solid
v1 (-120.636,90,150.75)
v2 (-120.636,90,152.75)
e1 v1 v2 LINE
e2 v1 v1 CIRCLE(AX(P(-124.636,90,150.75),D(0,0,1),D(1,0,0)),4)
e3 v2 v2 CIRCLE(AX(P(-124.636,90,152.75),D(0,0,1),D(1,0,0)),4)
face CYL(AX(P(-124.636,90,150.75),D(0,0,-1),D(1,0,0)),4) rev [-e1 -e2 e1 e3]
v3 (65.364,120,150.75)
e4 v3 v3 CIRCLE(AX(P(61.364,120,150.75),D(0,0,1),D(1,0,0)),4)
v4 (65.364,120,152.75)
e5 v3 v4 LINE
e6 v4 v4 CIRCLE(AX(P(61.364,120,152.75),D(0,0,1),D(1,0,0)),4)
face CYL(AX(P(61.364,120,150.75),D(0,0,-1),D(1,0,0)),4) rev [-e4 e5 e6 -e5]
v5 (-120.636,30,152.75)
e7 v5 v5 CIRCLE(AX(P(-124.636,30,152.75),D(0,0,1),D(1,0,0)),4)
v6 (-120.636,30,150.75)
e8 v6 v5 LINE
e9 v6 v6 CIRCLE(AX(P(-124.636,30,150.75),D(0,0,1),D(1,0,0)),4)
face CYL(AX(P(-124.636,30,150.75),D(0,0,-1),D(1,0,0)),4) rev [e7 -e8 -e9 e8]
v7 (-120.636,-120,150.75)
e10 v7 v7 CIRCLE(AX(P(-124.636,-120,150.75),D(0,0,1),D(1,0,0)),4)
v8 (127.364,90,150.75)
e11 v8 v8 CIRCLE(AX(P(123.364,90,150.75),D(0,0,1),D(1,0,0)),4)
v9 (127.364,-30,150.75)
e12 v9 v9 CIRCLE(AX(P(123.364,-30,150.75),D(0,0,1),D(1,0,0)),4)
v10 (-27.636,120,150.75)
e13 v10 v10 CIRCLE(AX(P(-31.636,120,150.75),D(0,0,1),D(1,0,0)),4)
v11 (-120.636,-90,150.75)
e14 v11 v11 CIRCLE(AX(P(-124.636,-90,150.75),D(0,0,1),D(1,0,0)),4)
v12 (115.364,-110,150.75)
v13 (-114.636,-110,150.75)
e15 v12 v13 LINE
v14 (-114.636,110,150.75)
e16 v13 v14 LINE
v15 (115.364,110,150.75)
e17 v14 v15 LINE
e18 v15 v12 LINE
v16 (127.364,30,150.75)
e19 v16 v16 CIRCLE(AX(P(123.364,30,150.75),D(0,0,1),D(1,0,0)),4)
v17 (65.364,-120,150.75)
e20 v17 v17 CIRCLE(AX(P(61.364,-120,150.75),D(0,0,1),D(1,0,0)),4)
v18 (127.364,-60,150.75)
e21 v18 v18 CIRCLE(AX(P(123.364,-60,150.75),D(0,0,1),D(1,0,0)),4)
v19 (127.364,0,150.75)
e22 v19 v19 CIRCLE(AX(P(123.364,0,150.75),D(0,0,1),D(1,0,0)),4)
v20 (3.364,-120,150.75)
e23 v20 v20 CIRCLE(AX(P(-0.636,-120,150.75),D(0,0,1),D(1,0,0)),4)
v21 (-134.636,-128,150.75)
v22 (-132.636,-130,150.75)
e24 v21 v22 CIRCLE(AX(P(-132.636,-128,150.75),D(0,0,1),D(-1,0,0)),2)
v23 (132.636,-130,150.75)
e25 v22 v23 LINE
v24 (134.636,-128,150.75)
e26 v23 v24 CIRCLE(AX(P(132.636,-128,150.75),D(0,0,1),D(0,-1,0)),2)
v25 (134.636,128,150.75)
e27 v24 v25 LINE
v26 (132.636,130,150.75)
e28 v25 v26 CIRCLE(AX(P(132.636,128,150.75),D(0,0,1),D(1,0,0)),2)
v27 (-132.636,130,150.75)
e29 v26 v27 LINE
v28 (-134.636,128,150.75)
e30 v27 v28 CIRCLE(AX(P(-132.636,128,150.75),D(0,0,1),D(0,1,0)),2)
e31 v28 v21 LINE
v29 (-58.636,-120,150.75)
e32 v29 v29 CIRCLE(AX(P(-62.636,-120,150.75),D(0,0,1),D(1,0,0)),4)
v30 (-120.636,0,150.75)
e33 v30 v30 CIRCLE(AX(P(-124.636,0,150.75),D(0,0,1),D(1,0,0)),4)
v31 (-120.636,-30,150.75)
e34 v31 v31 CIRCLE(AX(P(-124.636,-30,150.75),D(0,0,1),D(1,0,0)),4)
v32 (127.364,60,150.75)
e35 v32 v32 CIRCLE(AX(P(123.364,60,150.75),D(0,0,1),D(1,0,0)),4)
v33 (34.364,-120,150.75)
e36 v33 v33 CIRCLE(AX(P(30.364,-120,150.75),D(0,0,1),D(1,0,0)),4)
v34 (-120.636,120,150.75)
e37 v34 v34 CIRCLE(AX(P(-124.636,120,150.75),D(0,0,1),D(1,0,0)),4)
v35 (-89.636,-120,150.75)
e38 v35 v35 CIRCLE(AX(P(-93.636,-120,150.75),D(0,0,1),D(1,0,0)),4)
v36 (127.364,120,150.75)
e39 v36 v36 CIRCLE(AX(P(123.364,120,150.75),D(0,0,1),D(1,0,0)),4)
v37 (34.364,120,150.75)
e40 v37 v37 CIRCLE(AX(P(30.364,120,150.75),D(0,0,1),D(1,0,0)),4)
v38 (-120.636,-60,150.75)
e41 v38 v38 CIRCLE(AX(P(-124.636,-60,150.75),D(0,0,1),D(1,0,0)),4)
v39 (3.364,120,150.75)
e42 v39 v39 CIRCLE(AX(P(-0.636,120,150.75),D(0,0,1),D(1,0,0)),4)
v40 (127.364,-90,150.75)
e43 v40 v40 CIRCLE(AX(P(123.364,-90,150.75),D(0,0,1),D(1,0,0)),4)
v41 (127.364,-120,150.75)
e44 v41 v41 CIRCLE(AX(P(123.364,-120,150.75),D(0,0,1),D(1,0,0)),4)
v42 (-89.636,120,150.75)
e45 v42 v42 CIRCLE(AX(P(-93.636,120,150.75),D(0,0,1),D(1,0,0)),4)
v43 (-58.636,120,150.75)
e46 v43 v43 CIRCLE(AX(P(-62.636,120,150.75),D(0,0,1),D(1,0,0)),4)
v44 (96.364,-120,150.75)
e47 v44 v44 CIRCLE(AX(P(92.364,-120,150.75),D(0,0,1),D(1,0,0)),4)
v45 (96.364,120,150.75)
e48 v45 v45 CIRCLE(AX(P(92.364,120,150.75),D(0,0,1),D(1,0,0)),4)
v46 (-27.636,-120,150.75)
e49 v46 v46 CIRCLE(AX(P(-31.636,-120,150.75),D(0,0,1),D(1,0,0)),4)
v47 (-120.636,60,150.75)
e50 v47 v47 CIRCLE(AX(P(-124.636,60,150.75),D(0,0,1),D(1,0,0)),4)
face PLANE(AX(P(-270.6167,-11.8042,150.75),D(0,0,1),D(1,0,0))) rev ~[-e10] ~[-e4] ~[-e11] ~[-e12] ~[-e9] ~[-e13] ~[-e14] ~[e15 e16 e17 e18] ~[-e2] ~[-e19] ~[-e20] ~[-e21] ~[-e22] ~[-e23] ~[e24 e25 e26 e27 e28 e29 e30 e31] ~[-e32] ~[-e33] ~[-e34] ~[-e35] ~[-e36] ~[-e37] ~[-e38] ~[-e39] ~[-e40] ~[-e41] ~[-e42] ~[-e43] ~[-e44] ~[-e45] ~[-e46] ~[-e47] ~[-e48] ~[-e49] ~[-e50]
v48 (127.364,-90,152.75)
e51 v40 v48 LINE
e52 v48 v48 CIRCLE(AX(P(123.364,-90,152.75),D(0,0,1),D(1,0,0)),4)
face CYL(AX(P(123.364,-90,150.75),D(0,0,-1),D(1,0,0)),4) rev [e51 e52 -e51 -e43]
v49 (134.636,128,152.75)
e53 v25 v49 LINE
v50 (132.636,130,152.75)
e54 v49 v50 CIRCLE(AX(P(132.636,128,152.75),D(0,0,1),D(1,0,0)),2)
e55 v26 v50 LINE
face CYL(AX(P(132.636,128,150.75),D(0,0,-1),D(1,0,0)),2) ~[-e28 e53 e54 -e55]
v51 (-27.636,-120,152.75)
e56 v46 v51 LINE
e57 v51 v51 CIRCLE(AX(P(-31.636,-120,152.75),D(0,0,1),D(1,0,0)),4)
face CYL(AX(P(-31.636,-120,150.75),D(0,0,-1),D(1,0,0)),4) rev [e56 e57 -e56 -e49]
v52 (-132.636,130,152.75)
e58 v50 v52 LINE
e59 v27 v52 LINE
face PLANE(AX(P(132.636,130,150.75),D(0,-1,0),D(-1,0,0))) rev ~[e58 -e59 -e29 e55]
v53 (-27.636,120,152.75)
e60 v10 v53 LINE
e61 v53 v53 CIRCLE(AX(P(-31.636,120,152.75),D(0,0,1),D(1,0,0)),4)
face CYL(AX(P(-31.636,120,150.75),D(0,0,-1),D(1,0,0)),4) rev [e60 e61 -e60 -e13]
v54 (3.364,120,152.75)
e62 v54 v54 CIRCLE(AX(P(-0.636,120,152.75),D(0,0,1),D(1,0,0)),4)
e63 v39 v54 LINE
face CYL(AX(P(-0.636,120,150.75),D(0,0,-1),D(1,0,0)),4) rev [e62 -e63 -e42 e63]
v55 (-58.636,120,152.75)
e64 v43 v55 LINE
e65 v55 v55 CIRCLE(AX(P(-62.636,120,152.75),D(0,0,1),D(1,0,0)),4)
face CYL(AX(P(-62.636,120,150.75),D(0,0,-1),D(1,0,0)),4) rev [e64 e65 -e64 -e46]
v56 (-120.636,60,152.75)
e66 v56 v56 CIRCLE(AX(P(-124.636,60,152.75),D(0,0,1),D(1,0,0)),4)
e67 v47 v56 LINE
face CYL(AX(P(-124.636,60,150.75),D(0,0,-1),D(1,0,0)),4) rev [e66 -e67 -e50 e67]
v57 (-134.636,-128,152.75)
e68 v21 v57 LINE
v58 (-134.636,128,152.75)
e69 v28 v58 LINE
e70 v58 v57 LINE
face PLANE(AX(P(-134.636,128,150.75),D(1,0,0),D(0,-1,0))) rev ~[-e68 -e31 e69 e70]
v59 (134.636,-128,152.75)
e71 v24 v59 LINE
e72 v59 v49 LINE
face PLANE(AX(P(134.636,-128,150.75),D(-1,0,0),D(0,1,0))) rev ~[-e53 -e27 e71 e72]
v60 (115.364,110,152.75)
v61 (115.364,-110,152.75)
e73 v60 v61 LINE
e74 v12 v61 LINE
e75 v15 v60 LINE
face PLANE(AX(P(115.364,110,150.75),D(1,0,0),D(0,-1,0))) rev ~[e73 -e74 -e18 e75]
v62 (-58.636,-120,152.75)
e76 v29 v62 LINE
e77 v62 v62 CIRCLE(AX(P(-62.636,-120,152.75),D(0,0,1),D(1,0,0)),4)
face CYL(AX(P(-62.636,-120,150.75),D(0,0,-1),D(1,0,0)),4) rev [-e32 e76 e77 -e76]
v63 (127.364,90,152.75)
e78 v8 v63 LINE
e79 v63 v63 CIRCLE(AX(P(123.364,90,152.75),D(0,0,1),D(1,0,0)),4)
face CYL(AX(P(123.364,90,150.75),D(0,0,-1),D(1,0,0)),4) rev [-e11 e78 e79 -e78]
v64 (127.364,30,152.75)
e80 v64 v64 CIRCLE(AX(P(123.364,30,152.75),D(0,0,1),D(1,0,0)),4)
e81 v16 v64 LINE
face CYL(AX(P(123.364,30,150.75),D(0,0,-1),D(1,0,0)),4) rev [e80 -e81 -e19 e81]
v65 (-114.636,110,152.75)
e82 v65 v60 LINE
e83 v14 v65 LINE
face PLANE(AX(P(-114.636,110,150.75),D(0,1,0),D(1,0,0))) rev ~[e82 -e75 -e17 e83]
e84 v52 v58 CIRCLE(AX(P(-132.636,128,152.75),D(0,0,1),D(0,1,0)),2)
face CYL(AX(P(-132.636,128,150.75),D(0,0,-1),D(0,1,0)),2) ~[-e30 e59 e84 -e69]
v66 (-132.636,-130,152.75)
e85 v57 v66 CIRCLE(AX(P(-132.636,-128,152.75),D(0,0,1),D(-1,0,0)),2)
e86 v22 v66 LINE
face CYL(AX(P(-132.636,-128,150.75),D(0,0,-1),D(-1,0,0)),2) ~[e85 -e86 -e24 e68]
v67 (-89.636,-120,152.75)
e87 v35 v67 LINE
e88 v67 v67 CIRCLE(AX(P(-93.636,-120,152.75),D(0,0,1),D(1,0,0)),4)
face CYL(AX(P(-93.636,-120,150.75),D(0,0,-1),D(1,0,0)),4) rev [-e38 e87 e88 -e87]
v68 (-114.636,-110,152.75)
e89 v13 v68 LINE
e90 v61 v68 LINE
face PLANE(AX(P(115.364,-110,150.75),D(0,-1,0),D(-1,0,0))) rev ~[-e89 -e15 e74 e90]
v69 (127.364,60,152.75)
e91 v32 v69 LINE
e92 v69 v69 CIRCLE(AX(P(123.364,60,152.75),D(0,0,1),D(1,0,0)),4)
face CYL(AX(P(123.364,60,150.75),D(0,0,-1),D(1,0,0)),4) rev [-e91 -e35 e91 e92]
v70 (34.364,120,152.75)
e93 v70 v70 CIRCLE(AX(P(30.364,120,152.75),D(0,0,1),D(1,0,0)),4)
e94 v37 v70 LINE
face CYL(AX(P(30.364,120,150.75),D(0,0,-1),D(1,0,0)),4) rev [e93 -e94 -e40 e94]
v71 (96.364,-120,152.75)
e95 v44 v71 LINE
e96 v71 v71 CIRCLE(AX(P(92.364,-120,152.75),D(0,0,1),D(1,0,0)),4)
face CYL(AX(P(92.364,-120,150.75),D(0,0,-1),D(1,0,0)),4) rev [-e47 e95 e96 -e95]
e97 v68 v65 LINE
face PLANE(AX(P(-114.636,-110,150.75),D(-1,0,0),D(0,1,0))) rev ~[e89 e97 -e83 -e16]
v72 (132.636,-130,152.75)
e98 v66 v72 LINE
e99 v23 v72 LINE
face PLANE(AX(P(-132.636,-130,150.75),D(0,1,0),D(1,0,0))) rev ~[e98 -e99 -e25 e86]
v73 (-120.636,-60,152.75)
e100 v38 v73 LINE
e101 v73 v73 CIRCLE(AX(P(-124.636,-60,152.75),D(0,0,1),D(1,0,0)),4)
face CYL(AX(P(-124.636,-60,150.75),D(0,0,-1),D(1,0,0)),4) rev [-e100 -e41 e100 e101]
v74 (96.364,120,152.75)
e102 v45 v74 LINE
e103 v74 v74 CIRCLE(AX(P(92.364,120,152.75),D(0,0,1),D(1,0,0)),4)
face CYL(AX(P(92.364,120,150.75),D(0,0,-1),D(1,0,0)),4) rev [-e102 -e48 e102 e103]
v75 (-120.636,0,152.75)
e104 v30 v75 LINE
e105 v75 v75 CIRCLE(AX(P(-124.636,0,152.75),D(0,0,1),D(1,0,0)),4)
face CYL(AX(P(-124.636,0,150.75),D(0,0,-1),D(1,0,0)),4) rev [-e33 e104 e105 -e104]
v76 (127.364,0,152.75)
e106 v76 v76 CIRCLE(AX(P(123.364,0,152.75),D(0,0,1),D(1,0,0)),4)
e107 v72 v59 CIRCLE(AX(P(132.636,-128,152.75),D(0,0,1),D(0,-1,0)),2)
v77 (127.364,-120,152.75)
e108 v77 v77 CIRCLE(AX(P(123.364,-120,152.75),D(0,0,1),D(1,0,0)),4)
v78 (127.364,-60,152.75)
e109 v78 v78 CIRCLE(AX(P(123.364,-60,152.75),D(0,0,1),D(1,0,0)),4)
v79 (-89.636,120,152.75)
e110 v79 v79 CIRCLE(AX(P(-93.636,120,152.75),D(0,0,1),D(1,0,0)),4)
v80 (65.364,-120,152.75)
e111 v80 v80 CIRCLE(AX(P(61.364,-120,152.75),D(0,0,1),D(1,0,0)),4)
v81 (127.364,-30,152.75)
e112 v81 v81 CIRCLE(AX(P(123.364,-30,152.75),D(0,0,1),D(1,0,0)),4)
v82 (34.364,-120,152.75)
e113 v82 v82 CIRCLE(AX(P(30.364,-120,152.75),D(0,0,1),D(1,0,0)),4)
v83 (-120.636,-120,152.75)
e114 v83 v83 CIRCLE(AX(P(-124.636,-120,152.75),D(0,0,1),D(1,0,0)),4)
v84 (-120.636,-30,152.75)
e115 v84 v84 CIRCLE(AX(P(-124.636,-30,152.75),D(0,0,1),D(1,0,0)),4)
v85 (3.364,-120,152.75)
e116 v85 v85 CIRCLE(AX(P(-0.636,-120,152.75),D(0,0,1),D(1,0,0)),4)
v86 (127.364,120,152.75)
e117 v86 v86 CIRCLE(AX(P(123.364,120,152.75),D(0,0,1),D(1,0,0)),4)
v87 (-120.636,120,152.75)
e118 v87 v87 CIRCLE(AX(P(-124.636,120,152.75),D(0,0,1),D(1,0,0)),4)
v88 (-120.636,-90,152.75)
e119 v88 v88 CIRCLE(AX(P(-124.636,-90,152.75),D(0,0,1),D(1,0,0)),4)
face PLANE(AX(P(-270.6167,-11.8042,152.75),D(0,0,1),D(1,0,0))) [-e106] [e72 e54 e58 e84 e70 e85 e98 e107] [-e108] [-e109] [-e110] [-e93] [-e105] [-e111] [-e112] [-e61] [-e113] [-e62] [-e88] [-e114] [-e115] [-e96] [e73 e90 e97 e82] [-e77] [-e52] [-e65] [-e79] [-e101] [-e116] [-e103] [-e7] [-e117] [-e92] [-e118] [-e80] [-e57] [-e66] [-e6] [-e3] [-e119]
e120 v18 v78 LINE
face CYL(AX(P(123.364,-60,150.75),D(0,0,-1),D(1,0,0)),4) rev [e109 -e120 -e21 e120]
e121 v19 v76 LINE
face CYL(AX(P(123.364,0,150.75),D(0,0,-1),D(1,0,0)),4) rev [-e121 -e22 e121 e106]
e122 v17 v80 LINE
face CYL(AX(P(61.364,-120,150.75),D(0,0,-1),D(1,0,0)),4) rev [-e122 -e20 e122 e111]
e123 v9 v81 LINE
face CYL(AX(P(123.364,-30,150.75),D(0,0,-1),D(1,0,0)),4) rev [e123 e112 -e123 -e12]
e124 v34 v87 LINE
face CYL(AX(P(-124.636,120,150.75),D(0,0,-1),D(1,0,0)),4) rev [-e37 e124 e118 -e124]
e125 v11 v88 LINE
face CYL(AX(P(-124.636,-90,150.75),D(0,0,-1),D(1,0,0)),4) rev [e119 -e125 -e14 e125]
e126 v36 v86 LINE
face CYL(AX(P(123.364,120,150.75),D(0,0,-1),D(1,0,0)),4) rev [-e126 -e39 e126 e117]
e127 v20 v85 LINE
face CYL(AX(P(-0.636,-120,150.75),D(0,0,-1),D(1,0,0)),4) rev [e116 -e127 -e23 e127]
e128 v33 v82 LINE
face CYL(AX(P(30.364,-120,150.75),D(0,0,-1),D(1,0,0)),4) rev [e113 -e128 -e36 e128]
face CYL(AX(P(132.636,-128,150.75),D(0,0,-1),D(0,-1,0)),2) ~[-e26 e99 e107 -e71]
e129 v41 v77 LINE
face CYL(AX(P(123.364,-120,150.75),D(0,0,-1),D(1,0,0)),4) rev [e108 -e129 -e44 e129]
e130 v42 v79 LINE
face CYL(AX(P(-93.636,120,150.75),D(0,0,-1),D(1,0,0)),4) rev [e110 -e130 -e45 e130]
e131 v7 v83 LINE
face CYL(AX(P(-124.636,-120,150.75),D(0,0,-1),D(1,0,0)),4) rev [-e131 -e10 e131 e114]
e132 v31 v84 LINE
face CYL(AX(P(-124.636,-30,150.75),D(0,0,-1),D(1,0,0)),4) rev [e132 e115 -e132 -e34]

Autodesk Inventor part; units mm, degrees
ref_plane "YZ Plane" through (0, 0, 0) normal (1, 0, 0) x (0, 1, 0)
ref_plane "XZ Plane" through (0, 0, 0) normal (0, 1, 0) x (-1, 0, 0)
ref_plane "XY Plane" through (0, 0, 0) normal (0, 0, 1) x (1, 0, 0)
ref_plane "РабПлоскость1" through (-270.6167, -11.8042, 150.75) normal (0, 0, 1) x (1, 0, 0)
sketch "Эскиз1" plane through (-270.6167, -11.8042, 150.75) normal (0, 0, 1) x (1, 0, 0)
  circle A0 centre (393.9807, -108.1958) radius 4 projected
  circle A1 centre (393.9807, -78.1958) radius 4 projected
  circle A2 centre (393.9807, -48.1958) radius 4 projected
  circle A3 centre (393.9807, -18.1958) radius 4 projected
  circle A4 centre (393.9807, 11.8042) radius 4 projected
  circle A5 centre (393.9807, 41.8042) radius 4 projected
  circle A6 centre (393.9807, 71.8042) radius 4 projected
  circle A7 centre (393.9807, 101.8042) radius 4 projected
  circle A8 centre (393.9807, 131.8042) radius 4 projected
  circle A9 centre (362.9807, -108.1958) radius 4 projected
  circle A10 centre (362.9807, 131.8042) radius 4 projected
  circle A11 centre (331.9807, -108.1958) radius 4 projected
  circle A12 centre (331.9807, 131.8042) radius 4 projected
  circle A13 centre (300.9807, -108.1958) radius 4 projected
  circle A14 centre (300.9807, 131.8042) radius 4 projected
  circle A15 centre (269.9807, -108.1958) radius 4 projected
  circle A16 centre (269.9807, 131.8042) radius 4 projected
  circle A17 centre (238.9807, -108.1958) radius 4 projected
  circle A18 centre (238.9807, 131.8042) radius 4 projected
  circle A19 centre (207.9807, -108.1958) radius 4 projected
  circle A20 centre (207.9807, 131.8042) radius 4 projected
  circle A21 centre (176.9807, -108.1958) radius 4 projected
  circle A22 centre (176.9807, 131.8042) radius 4 projected
  circle A23 centre (145.9807, -108.1958) radius 4 projected
  circle A24 centre (145.9807, -78.1958) radius 4 projected
  circle A25 centre (145.9807, -48.1958) radius 4 projected
  circle A26 centre (145.9807, -18.1958) radius 4 projected
  circle A27 centre (145.9807, 11.8042) radius 4 projected
  circle A28 centre (145.9807, 41.8042) radius 4 projected
  circle A29 centre (145.9807, 71.8042) radius 4 projected
  circle A30 centre (145.9807, 101.8042) radius 4 projected
  circle A31 centre (145.9807, 131.8042) radius 4 projected
  line L0 (385.9807, 121.8042) -> (385.9807, -98.1958) projected
  line L1 (385.9807, -98.1958) -> (155.9807, -98.1958) projected
  line L2 (155.9807, -98.1958) -> (155.9807, 121.8042) projected
  line L3 (155.9807, 121.8042) -> (385.9807, 121.8042) projected
  arc A32 (137.9807, 141.8042) -> (135.9807, 139.8042) centre (137.9807, 139.8042) ccw projected
  line L4 (135.9807, 139.8042) -> (135.9807, -116.1958) projected
  arc A33 (135.9807, -116.1958) -> (137.9807, -118.1958) centre (137.9807, -116.1958) ccw projected
  line L5 (137.9807, -118.1958) -> (403.2527, -118.1958) projected
  arc A34 (403.2527, -118.1958) -> (405.2527, -116.1958) centre (403.2527, -116.1958) ccw projected
  line L6 (405.2527, -116.1958) -> (405.2527, 139.8042) projected
  arc A35 (405.2527, 139.8042) -> (403.2527, 141.8042) centre (403.2527, 139.8042) ccw projected
  line L7 (403.2527, 141.8042) -> (137.9807, 141.8042) projected
  point P0 (270.6167, 11.8042)
extrude "Выдавливание1" add sketch "Эскиз1" along normal blind 2
properties part number "Прокладка рубашки охлаждения"
